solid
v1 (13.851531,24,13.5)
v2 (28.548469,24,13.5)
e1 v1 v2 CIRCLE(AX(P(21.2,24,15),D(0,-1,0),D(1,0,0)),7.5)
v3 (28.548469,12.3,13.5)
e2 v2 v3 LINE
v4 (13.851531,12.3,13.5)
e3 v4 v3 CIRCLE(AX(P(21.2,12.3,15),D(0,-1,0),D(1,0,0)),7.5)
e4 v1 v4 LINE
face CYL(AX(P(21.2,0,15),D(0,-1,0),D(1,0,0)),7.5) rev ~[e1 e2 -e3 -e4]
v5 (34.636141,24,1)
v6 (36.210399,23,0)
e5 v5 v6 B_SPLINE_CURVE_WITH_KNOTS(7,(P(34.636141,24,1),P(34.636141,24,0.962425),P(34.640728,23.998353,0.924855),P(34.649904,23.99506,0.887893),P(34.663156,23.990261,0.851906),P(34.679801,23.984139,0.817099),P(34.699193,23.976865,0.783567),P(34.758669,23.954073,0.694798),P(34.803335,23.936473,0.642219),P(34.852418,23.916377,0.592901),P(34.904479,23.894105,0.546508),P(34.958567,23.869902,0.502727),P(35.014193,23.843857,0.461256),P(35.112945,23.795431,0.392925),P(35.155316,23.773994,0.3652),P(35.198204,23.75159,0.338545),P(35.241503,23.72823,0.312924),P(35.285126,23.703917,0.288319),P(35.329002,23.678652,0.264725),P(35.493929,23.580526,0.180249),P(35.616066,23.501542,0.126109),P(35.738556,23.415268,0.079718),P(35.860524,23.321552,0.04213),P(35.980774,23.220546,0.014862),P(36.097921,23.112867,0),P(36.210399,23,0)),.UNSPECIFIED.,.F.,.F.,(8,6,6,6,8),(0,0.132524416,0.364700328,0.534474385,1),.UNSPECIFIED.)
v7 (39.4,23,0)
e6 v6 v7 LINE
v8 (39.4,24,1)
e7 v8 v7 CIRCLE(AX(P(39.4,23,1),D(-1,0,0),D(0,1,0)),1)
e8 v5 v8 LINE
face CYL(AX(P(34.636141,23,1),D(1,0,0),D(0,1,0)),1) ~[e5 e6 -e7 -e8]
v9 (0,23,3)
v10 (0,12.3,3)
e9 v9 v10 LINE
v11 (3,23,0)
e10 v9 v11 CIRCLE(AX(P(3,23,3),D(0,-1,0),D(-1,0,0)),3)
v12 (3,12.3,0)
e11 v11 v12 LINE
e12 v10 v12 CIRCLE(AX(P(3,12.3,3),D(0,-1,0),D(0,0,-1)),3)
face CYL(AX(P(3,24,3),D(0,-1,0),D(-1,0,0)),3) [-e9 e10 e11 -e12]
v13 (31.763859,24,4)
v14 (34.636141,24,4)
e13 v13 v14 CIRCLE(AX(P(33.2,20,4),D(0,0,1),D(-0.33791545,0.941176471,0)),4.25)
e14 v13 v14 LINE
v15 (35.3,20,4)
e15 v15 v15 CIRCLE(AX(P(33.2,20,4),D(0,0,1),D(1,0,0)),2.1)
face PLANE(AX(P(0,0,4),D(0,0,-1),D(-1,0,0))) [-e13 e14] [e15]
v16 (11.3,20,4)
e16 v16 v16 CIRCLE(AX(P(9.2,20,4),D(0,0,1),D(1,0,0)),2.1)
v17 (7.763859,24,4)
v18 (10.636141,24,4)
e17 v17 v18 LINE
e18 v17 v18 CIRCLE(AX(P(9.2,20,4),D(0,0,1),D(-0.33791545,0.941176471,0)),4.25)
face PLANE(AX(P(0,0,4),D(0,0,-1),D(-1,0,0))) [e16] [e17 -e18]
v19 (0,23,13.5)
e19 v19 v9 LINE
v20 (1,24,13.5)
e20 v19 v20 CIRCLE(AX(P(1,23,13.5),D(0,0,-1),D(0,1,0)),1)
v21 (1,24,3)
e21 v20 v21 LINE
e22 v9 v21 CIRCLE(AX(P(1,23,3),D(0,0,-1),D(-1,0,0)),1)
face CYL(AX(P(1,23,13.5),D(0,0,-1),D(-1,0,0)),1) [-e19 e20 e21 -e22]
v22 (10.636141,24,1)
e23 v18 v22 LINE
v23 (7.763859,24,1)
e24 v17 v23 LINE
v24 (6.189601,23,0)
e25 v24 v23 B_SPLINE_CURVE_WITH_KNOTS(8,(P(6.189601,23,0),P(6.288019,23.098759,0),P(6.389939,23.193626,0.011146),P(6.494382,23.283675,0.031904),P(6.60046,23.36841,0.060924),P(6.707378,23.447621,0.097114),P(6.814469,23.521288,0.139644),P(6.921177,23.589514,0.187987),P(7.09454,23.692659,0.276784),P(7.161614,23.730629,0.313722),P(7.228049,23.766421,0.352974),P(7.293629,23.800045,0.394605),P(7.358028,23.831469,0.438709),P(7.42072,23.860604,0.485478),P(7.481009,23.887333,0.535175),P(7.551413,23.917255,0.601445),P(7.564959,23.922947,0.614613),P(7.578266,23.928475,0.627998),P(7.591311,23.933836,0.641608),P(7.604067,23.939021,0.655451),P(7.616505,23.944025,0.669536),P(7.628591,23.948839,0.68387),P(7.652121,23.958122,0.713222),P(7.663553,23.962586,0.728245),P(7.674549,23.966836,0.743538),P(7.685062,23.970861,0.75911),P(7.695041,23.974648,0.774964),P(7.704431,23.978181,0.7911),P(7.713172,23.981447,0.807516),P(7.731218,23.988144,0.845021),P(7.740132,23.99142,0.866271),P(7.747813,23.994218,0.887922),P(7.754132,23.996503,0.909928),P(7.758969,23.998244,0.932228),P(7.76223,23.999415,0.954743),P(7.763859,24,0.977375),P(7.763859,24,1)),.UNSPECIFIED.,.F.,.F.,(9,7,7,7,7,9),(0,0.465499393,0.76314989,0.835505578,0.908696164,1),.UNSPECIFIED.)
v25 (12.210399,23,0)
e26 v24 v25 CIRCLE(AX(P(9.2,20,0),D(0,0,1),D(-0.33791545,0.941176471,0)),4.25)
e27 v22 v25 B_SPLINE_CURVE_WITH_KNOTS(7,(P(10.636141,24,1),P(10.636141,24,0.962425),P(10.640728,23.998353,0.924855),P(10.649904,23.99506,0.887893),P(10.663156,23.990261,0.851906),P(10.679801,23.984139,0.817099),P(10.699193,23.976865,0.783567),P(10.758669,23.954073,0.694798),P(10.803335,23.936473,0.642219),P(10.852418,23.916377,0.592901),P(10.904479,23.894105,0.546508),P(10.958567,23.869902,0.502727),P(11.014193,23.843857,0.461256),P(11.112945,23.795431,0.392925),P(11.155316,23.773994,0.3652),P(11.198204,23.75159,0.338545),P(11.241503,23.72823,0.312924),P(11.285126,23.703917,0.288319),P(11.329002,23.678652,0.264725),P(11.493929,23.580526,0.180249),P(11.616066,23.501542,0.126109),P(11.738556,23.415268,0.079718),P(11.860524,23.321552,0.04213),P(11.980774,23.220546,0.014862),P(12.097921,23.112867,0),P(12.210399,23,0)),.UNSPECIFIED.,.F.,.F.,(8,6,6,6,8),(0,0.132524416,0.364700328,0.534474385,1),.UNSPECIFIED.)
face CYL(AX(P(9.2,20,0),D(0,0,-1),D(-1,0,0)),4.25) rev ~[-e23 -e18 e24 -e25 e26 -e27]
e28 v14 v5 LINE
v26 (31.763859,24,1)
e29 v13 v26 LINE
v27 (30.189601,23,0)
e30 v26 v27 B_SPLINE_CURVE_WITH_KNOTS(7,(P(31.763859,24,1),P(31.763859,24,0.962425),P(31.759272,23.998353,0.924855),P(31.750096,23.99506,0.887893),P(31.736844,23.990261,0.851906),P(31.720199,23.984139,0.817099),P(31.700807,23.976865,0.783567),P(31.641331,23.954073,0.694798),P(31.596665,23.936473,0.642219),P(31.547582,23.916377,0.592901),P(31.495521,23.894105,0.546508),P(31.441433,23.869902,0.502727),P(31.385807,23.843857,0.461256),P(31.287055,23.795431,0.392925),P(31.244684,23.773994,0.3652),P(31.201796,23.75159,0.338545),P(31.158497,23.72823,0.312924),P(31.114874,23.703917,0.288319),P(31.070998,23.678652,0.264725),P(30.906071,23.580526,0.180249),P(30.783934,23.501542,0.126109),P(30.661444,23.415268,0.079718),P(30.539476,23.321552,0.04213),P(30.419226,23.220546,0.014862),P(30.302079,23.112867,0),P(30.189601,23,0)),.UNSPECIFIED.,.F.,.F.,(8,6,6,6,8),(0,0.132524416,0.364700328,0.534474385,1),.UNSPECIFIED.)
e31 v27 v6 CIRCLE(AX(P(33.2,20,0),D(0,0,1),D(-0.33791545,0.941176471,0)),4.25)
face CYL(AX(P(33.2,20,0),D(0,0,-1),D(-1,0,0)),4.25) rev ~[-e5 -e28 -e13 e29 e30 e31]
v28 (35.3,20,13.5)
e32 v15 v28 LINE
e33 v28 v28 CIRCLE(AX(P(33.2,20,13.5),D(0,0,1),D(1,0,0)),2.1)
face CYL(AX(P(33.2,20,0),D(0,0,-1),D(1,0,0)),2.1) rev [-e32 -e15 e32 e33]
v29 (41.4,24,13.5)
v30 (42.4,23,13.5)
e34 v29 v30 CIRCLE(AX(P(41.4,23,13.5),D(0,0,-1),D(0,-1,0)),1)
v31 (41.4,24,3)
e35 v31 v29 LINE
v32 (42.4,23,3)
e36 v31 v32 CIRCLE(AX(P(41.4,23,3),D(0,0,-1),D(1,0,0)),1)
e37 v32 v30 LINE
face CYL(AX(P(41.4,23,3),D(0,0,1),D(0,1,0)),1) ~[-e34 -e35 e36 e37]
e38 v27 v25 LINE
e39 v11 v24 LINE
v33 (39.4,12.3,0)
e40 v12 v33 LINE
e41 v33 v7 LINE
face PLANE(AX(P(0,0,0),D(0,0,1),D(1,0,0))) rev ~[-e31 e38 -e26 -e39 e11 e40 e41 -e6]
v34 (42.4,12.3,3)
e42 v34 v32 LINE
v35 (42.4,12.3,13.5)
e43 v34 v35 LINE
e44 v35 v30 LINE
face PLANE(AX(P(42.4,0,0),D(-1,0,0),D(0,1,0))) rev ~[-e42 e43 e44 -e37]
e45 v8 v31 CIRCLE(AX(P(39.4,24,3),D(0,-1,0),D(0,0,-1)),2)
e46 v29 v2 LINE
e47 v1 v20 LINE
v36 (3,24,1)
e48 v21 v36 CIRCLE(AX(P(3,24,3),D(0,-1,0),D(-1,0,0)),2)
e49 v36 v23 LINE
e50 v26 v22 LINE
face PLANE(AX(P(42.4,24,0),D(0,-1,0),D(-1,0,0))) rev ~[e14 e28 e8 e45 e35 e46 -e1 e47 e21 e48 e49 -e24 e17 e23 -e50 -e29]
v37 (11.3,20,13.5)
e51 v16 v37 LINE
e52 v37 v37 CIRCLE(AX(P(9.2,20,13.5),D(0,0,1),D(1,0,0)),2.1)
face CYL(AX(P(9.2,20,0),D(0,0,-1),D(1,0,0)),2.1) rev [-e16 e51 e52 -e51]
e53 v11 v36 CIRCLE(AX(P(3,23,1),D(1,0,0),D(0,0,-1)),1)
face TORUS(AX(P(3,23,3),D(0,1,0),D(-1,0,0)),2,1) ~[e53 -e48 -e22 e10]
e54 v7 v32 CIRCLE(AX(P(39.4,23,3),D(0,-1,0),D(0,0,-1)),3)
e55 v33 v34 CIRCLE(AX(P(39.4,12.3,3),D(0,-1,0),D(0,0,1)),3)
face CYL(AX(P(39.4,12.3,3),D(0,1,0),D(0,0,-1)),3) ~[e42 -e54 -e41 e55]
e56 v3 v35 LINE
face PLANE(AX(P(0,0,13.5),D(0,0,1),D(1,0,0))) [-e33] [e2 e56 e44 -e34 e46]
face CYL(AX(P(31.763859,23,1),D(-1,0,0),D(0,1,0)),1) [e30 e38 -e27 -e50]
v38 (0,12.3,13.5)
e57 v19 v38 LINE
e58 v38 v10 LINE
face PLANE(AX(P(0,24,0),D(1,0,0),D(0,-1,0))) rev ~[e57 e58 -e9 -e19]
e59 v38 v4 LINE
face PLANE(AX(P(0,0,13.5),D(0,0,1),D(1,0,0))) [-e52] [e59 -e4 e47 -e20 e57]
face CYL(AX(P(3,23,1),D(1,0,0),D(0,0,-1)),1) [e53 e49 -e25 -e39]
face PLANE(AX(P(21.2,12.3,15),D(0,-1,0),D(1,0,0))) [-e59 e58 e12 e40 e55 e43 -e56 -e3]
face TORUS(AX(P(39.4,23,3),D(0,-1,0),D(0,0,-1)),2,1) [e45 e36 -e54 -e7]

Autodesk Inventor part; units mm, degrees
ref_plane "YZ Plane" through (0, 0, 0) normal (1, 0, 0) x (0, 1, 0)
ref_plane "XZ Plane" through (0, 0, 0) normal (0, 1, 0) x (-1, 0, 0)
ref_plane "XY Plane" through (0, 0, 0) normal (0, 0, 1) x (1, 0, 0)
sketch "Sketch1" plane through (0, 0, 0) normal (0, 0, 1) x (1, 0, 0)
  line L0 (0, 0) -> (42.4, 0)
  line L1 (42.4, 0) -> (42.4, 24)
  line L2 (42.4, 24) -> (0, 24)
  line L3 (0, 24) -> (0, 0)
  circle A0 centre (9.2, 20) radius 2.1
  circle A1 centre (33.2, 20) radius 2.1
  circle A2 centre (33.2, 4) radius 2.1
  circle A3 centre (9.2, 4) radius 2.1
  dimension "d0" = 24
  dimension "d1" = 42.4
  dimension "d2" = 4.2
  dimension "d3" = 9.2
  dimension "d4" = 9.2
  dimension "d5" = 9.2
  dimension "d6" = 9.2
  dimension "d7" = 4
  dimension "d8" = 4
  dimension "d9" = 4
  dimension "d10" = 4
extrude "Extrusion1" add sketch "Sketch1" along normal blind 13.5
sketch "Sketch2" plane through (0, 0, 0) normal (0, -1, 0) x (1, 0, 0)
  line L0 (42.4, 13.5) -> (0, 13.5) projected
  line L1 (0, 0) -> (0, 13.5) projected
  circle A0 centre (21.2, 15) radius 7.5
  dimension "d13" = 15
  dimension "d14" = 21.2
  dimension "d15" = 1.5
extrude "Extrusion2" cut sketch "Sketch2" against normal through all
fillet "Fillet1" radius 3 3 edges at (42.4, 0, 6.75) (0, 0, 6.75) (21.2, 0, 0)
sketch "Sketch3" plane through (0, 0, 0) normal (0, 0, -1) x (-1, 0, 0)
  arc A0 (-31.3534, 3) -> (-35.0466, 3) centre (-33.2, 4) ccw projected
  arc A1 (-7.3534, 3) -> (-11.0466, 3) centre (-9.2, 4) ccw projected
  circle A2 centre (-33.2, 20) radius 2.1 projected
  circle A3 centre (-9.2, 20) radius 2.1 projected
  circle A4 centre (-33.2, 20) radius 4.25
  circle A5 centre (-9.2, 20) radius 4.25
  circle A6 centre (-9.2, 4) radius 4.25
  circle A7 centre (-33.2, 4) radius 4.25
  point P0 (0, 0)
  dimension "d20" = 8.5
extrude "Extrusion3" cut sketch "Sketch3" against normal blind 4
sketch "Sketch4" plane through (21.2, 0, 15) normal (0, -1, 0) x (1, 0, 0)
  line L0 (-26.3081, 1.9971) -> (24.247, 1.9971)
  line L1 (24.247, 1.9971) -> (24.247, -18.7305)
  line L2 (24.247, -18.7305) -> (-26.3081, -18.7305)
  line L3 (-26.3081, -18.7305) -> (-26.3081, 1.9971)
  point P0 (-21.2, -15)
extrude "Extrusion4" cut sketch "Sketch4" against normal blind 12.3
fillet "Fillet3" radius 3 2 edges at (42.4, 18.15, 0) (0, 18.15, 0)
fillet "Fillet4" radius 1 7 edges at (41.5213, 24, 0.8787) (37.0181, 24, 0) (42.4, 24, 8.25) (21.2, 24, 0) (0.8787, 24, 0.8787) (0, 24, 8.25) (5.3819, 24, 0)
properties part number "Z move clamp small"
